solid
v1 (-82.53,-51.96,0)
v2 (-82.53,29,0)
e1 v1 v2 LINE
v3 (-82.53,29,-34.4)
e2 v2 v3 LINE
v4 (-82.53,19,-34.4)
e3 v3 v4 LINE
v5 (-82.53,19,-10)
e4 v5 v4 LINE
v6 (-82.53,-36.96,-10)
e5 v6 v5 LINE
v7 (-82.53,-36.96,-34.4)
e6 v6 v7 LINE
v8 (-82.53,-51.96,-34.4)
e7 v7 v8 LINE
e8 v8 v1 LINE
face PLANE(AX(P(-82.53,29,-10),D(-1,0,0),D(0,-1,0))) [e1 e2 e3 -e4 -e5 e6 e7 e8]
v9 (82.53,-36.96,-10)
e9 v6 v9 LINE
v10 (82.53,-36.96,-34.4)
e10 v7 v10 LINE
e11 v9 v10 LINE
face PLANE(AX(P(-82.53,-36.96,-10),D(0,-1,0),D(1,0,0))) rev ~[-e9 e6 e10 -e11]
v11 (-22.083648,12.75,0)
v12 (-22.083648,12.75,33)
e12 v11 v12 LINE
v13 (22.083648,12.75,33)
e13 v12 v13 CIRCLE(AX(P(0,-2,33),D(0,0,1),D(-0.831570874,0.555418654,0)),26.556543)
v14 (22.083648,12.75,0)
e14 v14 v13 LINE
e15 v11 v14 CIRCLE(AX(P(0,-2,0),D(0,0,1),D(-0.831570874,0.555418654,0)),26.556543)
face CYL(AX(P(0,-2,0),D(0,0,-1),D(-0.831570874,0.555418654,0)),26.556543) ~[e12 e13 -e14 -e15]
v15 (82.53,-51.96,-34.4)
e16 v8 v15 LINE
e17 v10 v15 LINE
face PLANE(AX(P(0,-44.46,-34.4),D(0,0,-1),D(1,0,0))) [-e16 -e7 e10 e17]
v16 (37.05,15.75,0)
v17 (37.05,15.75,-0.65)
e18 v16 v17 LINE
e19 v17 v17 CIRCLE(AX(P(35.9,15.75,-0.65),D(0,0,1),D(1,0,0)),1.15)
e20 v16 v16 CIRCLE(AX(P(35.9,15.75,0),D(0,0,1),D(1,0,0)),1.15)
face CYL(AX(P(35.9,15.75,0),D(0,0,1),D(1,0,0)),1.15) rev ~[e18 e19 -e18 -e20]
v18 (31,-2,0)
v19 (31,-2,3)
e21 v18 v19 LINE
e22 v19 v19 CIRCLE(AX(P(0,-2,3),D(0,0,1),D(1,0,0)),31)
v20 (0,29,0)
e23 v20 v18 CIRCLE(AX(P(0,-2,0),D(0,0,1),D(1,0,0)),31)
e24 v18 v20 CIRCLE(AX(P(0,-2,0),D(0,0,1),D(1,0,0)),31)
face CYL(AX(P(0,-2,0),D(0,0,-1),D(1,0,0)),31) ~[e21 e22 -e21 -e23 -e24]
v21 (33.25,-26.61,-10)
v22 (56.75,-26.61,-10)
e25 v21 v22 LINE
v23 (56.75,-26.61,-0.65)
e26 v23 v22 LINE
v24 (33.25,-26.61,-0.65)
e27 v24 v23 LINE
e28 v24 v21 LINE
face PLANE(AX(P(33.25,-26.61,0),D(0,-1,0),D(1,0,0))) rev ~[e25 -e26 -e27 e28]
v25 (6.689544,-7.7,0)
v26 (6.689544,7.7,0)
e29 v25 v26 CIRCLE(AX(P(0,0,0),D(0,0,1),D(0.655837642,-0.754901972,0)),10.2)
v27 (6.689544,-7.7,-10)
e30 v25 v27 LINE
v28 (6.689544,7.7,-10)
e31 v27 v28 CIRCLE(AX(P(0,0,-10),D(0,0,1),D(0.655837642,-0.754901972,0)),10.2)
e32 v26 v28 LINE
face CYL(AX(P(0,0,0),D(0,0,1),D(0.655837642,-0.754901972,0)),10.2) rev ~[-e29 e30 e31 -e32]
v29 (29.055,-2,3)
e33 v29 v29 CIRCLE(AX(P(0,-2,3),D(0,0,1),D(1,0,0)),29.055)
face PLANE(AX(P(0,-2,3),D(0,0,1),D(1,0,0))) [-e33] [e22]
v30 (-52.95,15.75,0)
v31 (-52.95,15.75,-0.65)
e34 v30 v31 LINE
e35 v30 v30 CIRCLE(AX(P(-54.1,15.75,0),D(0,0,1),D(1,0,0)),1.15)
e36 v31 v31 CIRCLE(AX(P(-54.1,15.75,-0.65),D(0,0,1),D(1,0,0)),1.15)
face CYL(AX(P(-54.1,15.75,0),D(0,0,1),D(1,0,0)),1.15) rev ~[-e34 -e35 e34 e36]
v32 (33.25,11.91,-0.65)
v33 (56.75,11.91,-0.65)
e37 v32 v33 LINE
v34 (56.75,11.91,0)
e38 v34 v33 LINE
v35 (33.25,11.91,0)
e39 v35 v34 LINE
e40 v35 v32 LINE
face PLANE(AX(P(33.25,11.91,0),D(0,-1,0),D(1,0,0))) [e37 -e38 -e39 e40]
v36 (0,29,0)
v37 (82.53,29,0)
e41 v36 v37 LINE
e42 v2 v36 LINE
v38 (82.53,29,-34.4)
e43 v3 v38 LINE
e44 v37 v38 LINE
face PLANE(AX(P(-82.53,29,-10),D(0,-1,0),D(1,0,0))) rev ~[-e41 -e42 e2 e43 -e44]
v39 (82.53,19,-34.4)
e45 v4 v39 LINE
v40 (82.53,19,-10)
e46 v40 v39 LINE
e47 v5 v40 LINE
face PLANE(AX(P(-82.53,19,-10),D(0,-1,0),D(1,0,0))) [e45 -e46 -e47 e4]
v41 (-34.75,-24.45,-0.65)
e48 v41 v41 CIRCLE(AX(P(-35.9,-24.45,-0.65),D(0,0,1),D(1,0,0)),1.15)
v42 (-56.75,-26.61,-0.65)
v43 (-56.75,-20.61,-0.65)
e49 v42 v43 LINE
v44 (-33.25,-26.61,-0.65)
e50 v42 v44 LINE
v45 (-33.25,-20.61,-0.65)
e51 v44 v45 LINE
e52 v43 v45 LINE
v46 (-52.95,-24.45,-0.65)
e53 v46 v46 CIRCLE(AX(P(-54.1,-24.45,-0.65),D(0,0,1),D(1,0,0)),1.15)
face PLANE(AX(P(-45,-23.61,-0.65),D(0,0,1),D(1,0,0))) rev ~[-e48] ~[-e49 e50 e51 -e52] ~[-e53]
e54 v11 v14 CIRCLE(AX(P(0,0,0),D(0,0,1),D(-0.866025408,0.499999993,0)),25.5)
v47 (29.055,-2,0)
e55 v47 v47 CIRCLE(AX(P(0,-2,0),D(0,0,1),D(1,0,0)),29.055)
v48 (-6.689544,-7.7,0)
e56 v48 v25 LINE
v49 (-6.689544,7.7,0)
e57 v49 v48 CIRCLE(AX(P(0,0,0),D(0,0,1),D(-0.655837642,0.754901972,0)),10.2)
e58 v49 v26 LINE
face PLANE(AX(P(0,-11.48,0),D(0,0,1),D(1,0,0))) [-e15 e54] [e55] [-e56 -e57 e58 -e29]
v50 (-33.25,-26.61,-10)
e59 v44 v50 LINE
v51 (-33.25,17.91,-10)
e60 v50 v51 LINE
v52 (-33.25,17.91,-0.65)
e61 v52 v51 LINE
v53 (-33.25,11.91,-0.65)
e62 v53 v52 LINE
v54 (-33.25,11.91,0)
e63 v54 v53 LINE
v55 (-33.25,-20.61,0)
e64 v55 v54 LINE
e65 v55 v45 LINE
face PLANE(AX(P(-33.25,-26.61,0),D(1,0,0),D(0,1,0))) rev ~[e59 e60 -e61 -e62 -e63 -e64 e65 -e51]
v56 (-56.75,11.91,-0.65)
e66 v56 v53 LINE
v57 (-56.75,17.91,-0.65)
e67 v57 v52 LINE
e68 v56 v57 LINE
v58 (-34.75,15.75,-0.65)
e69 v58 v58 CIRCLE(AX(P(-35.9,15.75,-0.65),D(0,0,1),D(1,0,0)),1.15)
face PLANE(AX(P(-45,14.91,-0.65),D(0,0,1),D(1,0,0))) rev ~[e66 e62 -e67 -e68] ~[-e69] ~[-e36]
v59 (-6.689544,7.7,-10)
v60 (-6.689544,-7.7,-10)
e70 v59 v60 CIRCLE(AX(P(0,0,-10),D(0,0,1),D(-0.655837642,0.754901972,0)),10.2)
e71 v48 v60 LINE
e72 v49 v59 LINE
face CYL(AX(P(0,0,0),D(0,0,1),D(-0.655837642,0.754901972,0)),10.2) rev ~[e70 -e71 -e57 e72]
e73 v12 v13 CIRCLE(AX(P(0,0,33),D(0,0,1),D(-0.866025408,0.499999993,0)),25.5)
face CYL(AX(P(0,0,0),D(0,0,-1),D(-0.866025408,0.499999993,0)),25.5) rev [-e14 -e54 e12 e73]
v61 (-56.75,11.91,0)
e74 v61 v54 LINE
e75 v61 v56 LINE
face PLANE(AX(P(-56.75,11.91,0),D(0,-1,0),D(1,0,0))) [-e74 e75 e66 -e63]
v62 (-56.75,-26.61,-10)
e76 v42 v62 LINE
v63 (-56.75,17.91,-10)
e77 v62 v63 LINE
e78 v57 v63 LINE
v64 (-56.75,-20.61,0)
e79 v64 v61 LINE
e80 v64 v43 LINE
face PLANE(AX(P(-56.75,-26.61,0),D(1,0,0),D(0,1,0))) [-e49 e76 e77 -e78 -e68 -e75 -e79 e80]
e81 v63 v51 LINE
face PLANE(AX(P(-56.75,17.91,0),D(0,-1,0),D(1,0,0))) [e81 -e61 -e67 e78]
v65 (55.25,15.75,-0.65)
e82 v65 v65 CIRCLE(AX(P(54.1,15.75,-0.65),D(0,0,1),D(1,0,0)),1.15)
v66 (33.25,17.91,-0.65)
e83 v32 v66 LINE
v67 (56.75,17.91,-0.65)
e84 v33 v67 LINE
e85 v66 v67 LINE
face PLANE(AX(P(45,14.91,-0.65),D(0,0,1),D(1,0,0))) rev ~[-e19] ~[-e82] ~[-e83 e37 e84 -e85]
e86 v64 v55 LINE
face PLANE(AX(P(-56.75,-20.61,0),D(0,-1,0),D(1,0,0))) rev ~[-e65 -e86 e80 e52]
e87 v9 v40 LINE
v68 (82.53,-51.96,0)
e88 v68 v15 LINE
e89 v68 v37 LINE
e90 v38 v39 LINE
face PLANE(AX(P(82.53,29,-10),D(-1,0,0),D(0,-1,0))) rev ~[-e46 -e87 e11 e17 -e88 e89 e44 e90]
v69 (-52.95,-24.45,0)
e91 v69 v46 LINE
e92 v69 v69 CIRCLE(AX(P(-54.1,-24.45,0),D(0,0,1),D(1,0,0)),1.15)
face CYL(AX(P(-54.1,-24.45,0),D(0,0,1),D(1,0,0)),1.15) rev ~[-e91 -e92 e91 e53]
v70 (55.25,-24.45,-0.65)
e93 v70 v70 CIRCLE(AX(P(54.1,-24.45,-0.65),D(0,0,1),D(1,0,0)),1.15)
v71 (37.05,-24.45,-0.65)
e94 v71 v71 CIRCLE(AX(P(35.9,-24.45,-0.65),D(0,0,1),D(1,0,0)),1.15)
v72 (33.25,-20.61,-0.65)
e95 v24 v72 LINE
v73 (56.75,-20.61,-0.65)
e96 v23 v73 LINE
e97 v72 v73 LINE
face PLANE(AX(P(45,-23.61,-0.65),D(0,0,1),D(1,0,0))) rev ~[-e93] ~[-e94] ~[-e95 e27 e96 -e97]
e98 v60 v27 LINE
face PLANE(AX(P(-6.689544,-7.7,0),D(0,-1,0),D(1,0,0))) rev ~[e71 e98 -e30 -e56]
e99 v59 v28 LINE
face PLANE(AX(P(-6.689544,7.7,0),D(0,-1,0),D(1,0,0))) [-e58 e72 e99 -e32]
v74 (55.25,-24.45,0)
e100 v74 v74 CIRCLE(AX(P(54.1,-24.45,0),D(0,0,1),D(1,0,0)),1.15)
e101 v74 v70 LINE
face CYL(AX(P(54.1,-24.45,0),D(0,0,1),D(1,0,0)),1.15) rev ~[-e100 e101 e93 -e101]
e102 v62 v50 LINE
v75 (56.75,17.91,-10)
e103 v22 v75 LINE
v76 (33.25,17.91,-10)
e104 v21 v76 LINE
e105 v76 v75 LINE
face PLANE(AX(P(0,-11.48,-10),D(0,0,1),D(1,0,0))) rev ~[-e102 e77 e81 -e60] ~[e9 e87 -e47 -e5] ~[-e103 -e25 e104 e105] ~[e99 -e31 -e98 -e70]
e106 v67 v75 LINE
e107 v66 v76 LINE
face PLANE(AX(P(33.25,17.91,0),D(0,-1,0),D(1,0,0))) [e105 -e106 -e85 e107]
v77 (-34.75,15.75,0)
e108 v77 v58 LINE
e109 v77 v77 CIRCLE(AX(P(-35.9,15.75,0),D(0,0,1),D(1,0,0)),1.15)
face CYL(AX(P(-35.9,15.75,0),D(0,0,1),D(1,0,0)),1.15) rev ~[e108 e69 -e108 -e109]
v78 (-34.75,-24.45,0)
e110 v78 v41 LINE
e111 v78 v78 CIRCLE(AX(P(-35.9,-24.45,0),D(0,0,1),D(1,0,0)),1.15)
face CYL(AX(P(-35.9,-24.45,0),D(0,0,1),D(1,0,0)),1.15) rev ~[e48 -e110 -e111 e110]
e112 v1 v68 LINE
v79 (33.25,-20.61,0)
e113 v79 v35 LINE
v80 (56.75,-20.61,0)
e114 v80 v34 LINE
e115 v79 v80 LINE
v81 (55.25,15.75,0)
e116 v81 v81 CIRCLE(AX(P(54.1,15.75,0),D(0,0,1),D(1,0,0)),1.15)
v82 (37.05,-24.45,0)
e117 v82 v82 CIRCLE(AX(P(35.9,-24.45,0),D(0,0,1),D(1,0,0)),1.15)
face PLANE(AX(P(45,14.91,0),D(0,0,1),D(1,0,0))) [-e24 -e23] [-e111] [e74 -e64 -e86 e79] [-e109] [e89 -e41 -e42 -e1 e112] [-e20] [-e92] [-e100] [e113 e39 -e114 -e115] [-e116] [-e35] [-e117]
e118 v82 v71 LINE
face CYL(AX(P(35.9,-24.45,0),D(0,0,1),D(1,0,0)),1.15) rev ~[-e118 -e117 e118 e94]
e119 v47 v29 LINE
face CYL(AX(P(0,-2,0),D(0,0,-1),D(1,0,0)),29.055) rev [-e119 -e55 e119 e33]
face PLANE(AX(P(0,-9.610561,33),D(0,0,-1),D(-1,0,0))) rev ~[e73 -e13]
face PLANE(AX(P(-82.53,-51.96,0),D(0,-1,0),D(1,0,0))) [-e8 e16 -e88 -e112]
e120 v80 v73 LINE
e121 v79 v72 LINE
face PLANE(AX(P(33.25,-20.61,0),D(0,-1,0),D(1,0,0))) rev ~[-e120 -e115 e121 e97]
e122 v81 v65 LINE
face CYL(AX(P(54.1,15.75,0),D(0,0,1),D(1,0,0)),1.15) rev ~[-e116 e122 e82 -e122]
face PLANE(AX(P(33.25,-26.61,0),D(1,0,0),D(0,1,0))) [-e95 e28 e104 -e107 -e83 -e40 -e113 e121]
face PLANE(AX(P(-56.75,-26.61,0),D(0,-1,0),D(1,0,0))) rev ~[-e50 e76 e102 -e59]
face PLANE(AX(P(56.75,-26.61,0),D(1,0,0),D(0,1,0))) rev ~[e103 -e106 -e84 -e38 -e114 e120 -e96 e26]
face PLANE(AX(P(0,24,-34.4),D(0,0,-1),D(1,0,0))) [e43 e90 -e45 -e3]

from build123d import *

# Parameters (mm, degrees)
PAD002_DEPTH  = 33
SKETCH003_W   = 165.06
SKETCH003_H   = 80.96
SKETCH003_W_2 = 23.5
SKETCH003_H_2 = 44.52
PAD003_DEPTH  = 10
SKETCH004_R   = 31
SKETCH004_R_2 = 29.055
PAD004_DEPTH  = 3
SKETCH033_W   = 165.06
SKETCH033_H   = 10
SKETCH033_H_2 = 15
PAD029_DEPTH  = 24.4
SKETCH034_W   = 23.5
SKETCH034_H   = 6
SKETCH034_R   = 1.15
PAD030_DEPTH  = 0.65


with BuildPart() as part:
    # Sketch002 → Pad002 (new body)
    with BuildSketch(Plane.XY):
        with BuildLine():
            ThreePointArc((-22.083648, 12.75), (0, -25.5), (22.083648, 12.75))
            ThreePointArc((-22.083648, 12.75), (0, -28.556543), (22.083648, 12.75))
        make_face()
    extrude(amount=PAD002_DEPTH)

    # Sketch003 → Pad003 (join)
    with BuildSketch(Plane.XY):
        with Locations((0, -11.48)):
            Rectangle(SKETCH003_W, SKETCH003_H)
        with BuildLine():
            ThreePointArc((-6.689544, 7.7), (-10.2, 0), (-6.689544, -7.7))
            Line((-6.689544, -7.7), (6.689544, -7.7))
            ThreePointArc((6.689544, -7.7), (10.2, 0), (6.689544, 7.7))
            Line((-6.689544, 7.7), (6.689544, 7.7))
        make_face(mode=Mode.SUBTRACT)
        with Locations((45, -4.35)):
            Rectangle(SKETCH003_W_2, SKETCH003_H_2, mode=Mode.SUBTRACT)
        with Locations((-45, -4.35)):
            Rectangle(SKETCH003_W_2, SKETCH003_H_2, mode=Mode.SUBTRACT)
    extrude(amount=-PAD003_DEPTH)

    # Sketch004 (on Face3 of Pad003) → Pad004 (join)
    with BuildSketch(Plane.XY):
        with Locations((0, -2)):
            Circle(SKETCH004_R)
        with Locations((0, -2)):
            Circle(SKETCH004_R_2, mode=Mode.SUBTRACT)
    extrude(amount=PAD004_DEPTH)

    # Sketch033 (on Face11 of Pad004) → Pad029 (join)
    with BuildSketch(Plane(origin=(0, 0, -10), x_dir=(1, 0, 0), z_dir=(0, 0, -1))):
        with Locations((0, -24)):
            Rectangle(SKETCH033_W, SKETCH033_H)
        with Locations((0, 44.46)):
            Rectangle(SKETCH033_W, SKETCH033_H_2)
    extrude(amount=PAD029_DEPTH)

    # Sketch034 (on Face25 of Pad029) → Pad030 (join)
    with BuildSketch(Plane.XY):
        with Locations((45, 14.91)):
            Rectangle(SKETCH034_W, SKETCH034_H)
        with Locations((35.9, 15.75)):
            Circle(SKETCH034_R, mode=Mode.SUBTRACT)
        with Locations((54.1, 15.75)):
            Circle(SKETCH034_R, mode=Mode.SUBTRACT)
        with Locations((45, -23.61)):
            Rectangle(SKETCH034_W, SKETCH034_H)
        with Locations((35.9, -24.45)):
            Circle(SKETCH034_R, mode=Mode.SUBTRACT)
        with Locations((54.1, -24.45)):
            Circle(SKETCH034_R, mode=Mode.SUBTRACT)
        with Locations((-45, 14.91)):
            Rectangle(SKETCH034_W, SKETCH034_H)
        with Locations((-35.9, 15.75)):
            Circle(SKETCH034_R, mode=Mode.SUBTRACT)
        with Locations((-54.1, 15.75)):
            Circle(SKETCH034_R, mode=Mode.SUBTRACT)
        with Locations((-45, -23.61)):
            Rectangle(SKETCH034_W, SKETCH034_H)
        with Locations((-35.9, -24.45)):
            Circle(SKETCH034_R, mode=Mode.SUBTRACT)
        with Locations((-54.1, -24.45)):
            Circle(SKETCH034_R, mode=Mode.SUBTRACT)
    extrude(amount=-PAD030_DEPTH)


solid = part.part
